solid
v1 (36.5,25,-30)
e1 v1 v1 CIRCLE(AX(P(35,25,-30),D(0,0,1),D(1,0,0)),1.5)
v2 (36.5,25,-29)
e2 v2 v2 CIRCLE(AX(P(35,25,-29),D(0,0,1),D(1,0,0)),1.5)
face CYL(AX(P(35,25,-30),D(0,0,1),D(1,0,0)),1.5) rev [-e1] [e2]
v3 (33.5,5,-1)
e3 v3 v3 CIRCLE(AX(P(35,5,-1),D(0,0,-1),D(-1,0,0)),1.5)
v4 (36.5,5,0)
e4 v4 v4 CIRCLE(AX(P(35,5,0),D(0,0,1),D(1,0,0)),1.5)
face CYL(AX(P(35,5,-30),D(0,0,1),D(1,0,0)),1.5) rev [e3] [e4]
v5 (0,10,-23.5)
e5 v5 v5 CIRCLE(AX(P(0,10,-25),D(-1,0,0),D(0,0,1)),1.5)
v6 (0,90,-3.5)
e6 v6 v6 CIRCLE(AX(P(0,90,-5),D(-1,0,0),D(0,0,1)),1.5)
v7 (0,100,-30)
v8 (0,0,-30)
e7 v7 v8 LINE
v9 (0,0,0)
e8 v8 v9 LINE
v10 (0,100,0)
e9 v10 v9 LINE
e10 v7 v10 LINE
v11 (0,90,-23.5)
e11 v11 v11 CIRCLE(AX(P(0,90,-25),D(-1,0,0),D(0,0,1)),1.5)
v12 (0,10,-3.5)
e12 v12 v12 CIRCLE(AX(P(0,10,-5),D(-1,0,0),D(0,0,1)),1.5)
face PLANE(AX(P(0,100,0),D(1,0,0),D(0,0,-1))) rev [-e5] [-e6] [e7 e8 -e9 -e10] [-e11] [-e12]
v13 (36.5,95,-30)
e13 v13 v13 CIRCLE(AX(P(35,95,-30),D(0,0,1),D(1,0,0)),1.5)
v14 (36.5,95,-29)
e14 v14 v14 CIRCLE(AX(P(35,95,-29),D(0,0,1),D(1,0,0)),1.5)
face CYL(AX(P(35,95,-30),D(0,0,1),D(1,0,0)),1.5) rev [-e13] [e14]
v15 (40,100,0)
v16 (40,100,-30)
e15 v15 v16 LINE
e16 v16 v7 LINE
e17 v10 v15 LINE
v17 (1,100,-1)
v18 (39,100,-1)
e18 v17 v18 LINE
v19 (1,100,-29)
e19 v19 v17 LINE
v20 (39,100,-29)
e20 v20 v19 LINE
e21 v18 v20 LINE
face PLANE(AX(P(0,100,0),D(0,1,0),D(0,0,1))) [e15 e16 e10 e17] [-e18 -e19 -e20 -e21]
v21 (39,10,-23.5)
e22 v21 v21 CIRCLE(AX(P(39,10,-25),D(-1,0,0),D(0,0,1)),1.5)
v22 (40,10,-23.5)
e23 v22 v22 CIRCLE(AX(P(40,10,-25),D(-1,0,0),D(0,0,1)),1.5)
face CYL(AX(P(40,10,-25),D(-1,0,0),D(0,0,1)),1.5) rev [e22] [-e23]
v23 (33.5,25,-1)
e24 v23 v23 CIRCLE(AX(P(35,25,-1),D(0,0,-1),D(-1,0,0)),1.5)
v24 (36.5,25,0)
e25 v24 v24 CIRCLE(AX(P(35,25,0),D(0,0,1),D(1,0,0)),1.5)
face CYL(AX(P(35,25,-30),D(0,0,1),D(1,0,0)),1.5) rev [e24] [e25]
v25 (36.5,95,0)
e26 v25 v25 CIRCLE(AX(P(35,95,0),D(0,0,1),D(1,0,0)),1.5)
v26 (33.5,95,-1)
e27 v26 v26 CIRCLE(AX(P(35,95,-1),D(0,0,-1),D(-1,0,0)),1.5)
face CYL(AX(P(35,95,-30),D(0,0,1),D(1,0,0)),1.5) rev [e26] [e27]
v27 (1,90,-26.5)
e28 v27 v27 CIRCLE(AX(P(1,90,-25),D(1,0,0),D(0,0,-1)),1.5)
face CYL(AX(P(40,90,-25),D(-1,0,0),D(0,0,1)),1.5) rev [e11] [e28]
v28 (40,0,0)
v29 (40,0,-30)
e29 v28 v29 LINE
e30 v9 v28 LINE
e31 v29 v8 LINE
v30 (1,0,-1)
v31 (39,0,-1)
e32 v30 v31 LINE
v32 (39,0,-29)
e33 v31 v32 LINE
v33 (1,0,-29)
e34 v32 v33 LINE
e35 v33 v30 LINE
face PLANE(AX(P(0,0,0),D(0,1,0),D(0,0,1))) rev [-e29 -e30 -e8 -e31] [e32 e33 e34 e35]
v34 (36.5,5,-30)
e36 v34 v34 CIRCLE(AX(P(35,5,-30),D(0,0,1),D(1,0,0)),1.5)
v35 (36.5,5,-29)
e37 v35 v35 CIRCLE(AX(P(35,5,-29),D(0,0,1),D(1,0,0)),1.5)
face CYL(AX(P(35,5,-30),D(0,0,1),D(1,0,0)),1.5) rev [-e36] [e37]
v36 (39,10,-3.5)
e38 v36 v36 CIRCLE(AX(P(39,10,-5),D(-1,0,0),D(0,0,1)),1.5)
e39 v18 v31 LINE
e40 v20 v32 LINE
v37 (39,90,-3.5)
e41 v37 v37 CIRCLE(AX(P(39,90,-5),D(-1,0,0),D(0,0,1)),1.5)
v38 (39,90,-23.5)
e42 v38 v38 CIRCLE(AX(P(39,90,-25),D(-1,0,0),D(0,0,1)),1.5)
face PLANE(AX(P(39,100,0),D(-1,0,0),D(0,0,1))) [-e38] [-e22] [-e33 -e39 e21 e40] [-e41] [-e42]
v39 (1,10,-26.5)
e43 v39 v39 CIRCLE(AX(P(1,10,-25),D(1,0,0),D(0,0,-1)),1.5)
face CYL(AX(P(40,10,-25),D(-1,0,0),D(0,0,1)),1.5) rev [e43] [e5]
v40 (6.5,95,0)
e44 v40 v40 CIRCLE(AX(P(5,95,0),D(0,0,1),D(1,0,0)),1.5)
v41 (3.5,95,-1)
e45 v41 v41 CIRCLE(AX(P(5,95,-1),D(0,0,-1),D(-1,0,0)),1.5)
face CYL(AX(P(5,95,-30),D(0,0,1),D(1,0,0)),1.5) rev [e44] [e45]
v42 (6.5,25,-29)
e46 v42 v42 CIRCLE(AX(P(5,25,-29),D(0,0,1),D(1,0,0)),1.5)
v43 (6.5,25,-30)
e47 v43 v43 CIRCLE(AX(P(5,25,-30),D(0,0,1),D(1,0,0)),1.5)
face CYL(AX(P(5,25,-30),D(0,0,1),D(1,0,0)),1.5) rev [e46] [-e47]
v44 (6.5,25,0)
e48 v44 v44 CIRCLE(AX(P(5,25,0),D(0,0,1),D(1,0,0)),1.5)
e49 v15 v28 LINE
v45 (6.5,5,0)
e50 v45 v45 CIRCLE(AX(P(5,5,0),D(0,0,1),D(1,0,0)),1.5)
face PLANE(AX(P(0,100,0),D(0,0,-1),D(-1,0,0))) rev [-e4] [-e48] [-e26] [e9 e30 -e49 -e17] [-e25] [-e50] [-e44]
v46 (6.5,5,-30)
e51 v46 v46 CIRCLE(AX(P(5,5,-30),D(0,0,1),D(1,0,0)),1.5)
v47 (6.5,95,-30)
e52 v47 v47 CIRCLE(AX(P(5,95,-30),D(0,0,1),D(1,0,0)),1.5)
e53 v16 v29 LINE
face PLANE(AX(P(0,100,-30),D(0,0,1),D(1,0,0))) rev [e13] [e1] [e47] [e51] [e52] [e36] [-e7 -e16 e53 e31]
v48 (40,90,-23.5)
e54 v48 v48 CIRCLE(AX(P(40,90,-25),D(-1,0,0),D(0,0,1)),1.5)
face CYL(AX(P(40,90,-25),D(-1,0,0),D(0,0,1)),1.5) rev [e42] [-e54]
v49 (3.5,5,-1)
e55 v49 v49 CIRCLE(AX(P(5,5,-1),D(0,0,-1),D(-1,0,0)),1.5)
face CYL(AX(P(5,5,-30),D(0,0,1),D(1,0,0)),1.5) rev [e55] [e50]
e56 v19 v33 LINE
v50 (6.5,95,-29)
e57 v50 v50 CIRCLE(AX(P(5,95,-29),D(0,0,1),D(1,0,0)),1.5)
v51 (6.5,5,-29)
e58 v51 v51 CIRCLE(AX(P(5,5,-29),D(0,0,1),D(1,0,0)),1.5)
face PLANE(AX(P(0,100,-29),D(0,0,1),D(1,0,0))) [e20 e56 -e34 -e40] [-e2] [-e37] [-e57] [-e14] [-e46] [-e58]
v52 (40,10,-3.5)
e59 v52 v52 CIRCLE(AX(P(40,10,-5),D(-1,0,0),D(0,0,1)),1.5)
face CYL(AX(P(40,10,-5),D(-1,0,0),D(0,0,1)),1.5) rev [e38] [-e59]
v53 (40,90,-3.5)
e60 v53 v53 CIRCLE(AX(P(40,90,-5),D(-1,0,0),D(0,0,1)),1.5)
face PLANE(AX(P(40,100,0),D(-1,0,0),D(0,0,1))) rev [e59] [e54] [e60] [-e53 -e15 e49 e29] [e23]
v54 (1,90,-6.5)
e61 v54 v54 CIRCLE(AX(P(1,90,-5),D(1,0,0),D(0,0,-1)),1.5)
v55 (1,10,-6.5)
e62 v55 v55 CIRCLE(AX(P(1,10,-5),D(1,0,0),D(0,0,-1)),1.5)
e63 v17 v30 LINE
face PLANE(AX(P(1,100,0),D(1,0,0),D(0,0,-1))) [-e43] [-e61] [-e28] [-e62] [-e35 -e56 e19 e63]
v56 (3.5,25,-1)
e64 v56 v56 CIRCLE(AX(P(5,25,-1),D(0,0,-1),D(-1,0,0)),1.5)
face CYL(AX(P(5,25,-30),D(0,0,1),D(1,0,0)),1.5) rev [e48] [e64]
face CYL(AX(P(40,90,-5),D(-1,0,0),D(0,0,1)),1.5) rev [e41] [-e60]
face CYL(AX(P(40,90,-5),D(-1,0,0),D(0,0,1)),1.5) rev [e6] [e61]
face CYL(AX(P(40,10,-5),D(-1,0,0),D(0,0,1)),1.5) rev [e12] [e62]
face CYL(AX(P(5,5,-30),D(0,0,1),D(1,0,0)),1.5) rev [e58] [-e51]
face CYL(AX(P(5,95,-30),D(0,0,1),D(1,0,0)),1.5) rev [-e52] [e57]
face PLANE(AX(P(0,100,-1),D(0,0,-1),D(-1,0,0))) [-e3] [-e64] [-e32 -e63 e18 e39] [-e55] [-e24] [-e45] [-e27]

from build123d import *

# Parameters (mm, degrees)
SKETCH_1_W          = 40
SKETCH_1_H          = 30
SKETCH_1_W_2        = 38
SKETCH_1_H_2        = 28
EXTRUDE_1_DEPTH     = 100
SKETCH_2_R          = 1.5
CUT_EXTRUDE_1_DEPTH = 112.803398875
SKETCH_3_R          = 1.5
CUT_EXTRUDE_2_DEPTH = 112.803398875


with BuildPart() as part:
    # 草图1 → 拉伸-薄壁1 (new body)
    with BuildSketch(Plane(origin=(0, 0, 0), x_dir=(1, 0, 0), z_dir=(0, 1, 0))):
        with Locations((20, 15)):
            Rectangle(SKETCH_1_W, SKETCH_1_H)
        with Locations((20, 15)):
            Rectangle(SKETCH_1_W_2, SKETCH_1_H_2, mode=Mode.SUBTRACT)
    extrude(amount=EXTRUDE_1_DEPTH)

    # 草图2 → 切除-拉伸1 (cut, through all)
    with BuildSketch(Plane.XY):
        with Locations((5, 95)):
            Circle(SKETCH_2_R)
        with Locations((35, 95)):
            Circle(SKETCH_2_R)
        with Locations((35, 25)):
            Circle(SKETCH_2_R)
        with Locations((5, 25)):
            Circle(SKETCH_2_R)
        with Locations((5, 5)):
            Circle(SKETCH_2_R)
        with Locations((35, 5)):
            Circle(SKETCH_2_R)
    extrude(amount=-CUT_EXTRUDE_1_DEPTH, mode=Mode.SUBTRACT)

    # 草图3 → 切除-拉伸2 (cut, through all)
    with BuildSketch(Plane.ZY):
        with Locations((-25, 90)):
            Circle(SKETCH_3_R)
        with Locations((-5, 90)):
            Circle(SKETCH_3_R)
        with Locations((-25, 10)):
            Circle(SKETCH_3_R)
        with Locations((-5, 10)):
            Circle(SKETCH_3_R)
    extrude(amount=-CUT_EXTRUDE_2_DEPTH, mode=Mode.SUBTRACT)


solid = part.part
